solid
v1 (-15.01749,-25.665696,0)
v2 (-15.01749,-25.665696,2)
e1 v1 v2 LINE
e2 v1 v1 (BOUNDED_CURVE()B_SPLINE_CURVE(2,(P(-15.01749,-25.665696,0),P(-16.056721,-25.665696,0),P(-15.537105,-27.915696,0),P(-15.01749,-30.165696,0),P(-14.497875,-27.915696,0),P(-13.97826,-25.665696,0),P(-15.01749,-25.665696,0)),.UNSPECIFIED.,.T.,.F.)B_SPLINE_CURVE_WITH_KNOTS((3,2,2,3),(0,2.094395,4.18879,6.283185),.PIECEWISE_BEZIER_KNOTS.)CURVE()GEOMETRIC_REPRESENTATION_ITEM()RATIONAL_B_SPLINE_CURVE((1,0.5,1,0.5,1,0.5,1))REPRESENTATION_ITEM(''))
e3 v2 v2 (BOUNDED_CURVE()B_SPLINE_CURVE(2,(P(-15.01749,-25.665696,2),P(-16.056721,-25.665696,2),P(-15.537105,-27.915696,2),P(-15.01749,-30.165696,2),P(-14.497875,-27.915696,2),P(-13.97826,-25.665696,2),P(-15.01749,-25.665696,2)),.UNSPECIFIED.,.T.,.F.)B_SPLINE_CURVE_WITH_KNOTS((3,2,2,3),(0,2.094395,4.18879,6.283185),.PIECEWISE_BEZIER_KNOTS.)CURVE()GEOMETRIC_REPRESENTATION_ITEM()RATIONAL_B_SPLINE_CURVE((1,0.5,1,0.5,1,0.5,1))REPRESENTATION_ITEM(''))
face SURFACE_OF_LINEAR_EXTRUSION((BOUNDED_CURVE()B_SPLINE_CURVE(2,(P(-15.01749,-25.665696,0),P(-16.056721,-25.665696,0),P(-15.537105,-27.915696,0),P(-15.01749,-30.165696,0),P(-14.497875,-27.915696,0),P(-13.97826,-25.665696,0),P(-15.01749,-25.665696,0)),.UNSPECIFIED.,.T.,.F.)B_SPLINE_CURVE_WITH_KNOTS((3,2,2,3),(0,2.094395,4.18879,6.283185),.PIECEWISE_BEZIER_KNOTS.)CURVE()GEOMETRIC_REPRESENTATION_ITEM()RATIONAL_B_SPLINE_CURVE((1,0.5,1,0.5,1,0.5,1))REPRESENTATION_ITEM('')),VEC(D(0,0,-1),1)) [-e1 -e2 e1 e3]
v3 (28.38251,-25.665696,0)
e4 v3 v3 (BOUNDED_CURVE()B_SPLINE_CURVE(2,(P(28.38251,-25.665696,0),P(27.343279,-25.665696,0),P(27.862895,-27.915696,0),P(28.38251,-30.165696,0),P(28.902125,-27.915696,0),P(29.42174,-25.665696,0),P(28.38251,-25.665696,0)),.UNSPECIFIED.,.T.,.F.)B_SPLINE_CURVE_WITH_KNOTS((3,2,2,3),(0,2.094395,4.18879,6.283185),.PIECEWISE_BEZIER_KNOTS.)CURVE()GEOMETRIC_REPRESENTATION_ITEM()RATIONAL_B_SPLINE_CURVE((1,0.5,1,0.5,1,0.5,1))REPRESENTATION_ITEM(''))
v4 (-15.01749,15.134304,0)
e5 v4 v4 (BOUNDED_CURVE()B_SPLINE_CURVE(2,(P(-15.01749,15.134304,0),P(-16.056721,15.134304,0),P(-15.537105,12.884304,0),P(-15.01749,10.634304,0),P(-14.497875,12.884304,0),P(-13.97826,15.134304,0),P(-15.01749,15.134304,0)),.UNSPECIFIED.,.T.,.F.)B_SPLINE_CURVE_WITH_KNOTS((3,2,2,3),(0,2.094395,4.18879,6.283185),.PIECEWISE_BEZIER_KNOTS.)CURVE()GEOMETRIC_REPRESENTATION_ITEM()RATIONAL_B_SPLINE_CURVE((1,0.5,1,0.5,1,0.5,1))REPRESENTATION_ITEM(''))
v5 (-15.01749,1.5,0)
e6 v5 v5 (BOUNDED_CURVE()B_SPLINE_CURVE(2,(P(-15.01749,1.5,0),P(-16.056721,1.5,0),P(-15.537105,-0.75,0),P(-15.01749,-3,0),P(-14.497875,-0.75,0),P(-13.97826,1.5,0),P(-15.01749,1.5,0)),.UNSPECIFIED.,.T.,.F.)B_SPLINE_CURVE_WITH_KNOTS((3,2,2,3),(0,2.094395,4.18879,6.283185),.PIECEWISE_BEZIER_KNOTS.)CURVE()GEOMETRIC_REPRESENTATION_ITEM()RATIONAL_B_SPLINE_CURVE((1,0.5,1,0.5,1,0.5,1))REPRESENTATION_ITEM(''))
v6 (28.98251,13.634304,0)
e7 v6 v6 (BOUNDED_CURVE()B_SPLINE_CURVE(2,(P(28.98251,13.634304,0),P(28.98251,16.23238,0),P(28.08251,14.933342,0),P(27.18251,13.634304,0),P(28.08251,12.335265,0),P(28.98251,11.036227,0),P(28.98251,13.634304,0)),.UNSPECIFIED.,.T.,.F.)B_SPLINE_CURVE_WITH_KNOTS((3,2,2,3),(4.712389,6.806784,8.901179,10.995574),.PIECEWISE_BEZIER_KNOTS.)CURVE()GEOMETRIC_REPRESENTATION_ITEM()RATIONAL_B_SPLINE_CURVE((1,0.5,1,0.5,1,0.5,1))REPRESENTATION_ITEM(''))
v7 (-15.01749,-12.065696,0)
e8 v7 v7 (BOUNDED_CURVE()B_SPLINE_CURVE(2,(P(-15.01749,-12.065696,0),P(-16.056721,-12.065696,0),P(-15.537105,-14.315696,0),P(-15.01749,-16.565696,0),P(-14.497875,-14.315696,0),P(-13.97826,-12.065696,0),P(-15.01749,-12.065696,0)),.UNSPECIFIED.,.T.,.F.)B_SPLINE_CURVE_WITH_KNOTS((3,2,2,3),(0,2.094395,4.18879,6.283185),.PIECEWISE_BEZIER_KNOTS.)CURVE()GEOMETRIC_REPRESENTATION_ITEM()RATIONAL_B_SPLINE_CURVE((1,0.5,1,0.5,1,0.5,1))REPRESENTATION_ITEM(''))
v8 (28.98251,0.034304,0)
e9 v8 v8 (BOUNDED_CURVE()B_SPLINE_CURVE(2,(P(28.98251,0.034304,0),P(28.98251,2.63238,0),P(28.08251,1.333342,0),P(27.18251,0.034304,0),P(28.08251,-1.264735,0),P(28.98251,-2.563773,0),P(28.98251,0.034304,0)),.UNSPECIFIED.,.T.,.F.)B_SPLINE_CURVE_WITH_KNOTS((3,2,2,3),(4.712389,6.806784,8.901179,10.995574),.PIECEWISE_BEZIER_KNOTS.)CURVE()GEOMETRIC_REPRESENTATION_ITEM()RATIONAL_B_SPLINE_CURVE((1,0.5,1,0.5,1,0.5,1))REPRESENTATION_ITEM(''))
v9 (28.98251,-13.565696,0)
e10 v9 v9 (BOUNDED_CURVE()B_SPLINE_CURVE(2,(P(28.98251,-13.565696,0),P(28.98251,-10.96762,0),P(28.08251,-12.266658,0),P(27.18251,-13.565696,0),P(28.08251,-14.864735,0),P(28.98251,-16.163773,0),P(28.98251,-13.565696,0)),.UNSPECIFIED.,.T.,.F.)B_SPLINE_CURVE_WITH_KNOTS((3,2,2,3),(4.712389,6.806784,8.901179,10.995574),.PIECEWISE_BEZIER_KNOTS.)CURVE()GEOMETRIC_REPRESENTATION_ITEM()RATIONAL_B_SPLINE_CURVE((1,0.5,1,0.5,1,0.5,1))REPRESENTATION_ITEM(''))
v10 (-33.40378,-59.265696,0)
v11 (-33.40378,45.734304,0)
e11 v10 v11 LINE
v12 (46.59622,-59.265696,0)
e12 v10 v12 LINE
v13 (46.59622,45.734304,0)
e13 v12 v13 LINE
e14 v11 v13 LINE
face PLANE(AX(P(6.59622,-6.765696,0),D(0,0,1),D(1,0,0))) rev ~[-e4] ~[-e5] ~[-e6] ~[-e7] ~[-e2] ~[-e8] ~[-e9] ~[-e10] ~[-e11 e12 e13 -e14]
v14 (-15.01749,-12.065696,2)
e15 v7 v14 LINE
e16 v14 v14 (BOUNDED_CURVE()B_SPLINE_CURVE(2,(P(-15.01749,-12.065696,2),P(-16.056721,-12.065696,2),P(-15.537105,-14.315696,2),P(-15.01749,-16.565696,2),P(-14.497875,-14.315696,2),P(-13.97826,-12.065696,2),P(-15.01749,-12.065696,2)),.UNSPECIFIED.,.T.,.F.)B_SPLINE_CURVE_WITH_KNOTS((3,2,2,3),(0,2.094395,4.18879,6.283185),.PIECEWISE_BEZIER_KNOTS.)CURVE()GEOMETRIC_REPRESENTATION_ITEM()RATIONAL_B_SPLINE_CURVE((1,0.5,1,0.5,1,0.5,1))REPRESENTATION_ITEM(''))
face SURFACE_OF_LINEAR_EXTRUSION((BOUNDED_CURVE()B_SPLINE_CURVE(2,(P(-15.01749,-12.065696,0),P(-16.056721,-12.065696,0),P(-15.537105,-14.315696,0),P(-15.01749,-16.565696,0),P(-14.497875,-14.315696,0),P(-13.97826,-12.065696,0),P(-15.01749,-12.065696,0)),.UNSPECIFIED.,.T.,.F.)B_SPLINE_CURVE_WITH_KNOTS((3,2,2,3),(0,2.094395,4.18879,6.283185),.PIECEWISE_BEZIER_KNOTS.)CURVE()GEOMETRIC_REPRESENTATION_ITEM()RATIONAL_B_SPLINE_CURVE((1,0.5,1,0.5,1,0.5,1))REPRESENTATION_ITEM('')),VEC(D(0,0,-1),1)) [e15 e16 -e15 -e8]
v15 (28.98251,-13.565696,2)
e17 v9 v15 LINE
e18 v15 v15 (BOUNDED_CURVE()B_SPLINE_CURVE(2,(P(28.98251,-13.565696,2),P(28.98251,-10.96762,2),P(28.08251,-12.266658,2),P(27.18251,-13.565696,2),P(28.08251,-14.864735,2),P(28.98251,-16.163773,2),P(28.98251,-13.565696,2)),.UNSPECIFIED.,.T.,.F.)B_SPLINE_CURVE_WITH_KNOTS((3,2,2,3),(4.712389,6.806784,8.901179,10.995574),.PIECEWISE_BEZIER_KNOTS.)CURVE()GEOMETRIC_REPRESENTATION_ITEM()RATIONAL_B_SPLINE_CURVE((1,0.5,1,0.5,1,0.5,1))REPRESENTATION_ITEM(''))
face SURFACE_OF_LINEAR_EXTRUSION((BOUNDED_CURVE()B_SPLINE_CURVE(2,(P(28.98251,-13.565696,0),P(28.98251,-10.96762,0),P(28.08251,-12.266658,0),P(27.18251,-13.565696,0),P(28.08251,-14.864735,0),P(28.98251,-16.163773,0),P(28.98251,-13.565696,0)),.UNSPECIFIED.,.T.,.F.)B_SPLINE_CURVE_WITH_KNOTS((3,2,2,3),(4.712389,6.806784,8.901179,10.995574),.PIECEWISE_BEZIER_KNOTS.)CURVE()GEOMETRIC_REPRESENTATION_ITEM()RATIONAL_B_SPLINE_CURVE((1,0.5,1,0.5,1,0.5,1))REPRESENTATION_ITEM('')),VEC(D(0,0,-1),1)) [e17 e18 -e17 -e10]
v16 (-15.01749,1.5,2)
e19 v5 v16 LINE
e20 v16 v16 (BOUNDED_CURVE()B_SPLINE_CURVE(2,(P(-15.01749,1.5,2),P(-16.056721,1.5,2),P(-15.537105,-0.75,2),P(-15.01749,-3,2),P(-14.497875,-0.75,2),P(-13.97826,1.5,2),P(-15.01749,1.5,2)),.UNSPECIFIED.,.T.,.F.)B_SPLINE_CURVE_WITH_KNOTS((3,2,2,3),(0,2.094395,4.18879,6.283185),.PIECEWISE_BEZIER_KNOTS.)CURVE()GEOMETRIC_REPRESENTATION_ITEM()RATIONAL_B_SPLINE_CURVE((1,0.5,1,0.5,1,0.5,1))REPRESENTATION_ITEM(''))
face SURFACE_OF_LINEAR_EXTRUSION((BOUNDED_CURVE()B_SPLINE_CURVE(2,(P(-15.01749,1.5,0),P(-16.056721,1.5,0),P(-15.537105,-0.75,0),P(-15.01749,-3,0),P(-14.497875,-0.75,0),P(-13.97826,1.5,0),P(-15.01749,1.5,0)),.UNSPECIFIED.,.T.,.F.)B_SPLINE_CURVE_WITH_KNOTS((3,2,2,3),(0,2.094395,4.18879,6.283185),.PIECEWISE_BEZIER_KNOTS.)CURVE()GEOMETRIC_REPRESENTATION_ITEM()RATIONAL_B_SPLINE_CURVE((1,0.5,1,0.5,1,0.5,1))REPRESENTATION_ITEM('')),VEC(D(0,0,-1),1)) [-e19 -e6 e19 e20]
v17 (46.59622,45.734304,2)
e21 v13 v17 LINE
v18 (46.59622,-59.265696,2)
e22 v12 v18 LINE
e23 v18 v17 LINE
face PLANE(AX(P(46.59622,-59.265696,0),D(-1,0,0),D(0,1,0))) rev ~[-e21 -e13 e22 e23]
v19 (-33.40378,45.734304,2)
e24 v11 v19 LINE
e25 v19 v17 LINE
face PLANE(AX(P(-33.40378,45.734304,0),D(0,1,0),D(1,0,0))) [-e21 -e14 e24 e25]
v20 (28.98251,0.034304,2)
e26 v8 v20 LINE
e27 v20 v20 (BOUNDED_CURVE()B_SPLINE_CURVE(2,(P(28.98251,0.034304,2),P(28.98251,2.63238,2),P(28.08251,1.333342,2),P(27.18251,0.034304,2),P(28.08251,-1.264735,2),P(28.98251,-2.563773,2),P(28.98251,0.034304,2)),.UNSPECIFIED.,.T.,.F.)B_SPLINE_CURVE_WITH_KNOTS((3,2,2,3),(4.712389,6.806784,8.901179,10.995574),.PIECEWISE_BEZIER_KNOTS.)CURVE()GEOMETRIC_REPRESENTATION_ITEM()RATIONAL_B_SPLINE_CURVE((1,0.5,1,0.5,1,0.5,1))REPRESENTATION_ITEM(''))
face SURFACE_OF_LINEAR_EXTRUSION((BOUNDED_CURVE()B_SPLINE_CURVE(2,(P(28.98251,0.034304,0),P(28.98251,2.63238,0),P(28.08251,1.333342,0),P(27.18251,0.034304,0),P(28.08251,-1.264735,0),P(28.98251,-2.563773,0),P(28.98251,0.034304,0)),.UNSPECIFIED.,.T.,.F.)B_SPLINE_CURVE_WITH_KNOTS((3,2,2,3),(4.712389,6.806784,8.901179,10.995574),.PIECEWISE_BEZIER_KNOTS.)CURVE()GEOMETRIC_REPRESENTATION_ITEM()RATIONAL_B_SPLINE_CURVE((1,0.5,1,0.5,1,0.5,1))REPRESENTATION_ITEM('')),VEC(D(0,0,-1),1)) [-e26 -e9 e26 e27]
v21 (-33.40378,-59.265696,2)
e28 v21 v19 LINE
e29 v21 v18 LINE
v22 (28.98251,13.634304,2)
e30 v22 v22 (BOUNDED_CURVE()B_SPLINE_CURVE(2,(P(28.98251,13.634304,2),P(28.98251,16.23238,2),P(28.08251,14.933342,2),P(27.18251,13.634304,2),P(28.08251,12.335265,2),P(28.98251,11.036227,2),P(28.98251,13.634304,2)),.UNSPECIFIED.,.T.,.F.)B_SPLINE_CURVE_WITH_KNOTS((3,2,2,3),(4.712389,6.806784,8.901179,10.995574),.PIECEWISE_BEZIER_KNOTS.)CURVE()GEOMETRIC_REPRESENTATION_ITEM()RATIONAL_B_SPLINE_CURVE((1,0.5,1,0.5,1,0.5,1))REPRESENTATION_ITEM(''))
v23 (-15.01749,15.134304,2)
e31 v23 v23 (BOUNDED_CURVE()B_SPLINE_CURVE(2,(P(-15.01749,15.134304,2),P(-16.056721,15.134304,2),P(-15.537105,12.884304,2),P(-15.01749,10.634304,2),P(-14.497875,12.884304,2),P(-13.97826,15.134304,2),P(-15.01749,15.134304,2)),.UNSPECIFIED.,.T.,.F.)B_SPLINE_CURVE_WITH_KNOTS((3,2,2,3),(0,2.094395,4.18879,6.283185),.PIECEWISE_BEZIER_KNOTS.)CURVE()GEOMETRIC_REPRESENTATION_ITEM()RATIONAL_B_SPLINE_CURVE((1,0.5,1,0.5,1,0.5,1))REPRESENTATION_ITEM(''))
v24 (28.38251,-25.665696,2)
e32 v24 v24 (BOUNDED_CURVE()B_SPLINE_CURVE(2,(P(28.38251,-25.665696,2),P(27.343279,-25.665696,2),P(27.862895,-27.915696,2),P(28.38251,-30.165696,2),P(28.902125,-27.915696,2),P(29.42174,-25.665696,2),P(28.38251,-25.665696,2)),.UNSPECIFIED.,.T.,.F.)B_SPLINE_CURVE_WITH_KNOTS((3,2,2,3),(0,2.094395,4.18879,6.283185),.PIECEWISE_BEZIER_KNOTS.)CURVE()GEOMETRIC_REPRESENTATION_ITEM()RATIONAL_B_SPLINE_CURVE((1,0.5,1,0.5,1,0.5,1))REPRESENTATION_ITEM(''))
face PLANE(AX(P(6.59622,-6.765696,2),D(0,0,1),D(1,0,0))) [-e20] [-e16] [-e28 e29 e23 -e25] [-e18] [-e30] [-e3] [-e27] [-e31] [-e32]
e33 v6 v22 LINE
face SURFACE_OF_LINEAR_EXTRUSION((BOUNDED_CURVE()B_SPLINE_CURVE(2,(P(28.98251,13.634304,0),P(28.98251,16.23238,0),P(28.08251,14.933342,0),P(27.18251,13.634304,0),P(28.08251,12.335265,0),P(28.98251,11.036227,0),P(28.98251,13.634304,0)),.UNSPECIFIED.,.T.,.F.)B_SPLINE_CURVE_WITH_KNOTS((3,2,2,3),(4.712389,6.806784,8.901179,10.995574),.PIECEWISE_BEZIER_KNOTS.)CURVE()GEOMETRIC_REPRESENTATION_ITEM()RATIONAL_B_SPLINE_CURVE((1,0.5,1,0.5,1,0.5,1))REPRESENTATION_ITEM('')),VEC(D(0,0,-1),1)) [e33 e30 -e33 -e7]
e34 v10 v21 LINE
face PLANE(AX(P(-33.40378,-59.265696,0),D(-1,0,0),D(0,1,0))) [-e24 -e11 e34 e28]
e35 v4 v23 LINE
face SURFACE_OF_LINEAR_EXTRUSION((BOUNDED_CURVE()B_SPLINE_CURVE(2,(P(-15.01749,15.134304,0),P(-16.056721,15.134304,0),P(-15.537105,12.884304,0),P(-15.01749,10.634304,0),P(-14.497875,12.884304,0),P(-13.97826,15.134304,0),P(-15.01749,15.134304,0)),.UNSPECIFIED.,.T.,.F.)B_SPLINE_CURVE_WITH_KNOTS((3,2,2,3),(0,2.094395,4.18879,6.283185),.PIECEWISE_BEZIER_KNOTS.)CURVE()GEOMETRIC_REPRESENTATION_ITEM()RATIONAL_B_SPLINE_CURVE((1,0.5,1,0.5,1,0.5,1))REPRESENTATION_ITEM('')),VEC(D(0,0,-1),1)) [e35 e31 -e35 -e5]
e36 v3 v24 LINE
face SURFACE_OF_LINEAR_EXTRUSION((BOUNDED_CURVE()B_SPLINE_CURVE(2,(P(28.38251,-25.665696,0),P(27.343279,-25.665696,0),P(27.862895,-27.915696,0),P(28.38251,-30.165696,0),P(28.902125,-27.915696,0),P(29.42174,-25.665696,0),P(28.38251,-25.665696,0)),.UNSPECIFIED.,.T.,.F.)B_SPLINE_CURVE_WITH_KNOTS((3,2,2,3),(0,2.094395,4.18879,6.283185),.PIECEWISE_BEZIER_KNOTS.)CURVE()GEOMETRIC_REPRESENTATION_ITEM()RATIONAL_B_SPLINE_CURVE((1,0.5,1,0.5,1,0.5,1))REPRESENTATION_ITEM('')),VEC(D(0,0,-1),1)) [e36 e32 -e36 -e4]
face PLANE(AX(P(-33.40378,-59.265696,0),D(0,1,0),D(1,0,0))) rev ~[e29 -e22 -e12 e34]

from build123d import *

# Parameters (mm, degrees)
F0_W     = 80
F0_H     = 105
F1_DEPTH = 2


with BuildPart() as f1:
    # F0 (on Top) → F1 (new body)
    with BuildSketch(Plane.XY):
        with Locations((6.59622, -6.765696)):
            Rectangle(F0_W, F0_H)
        with BuildLine():
            add(Edge.make_bspline(
                [(-15.01749, -25.665696), (-16.056721, -25.665696), (-15.537105, -27.915696), (-15.01749, -30.165696), (-14.497875, -27.915696), (-13.97826, -25.665696), (-15.01749, -25.665696)],
                knots=[0, 0, 0, 2.094395, 2.094395, 4.18879, 4.18879, 6.283185, 6.283185, 6.283185], degree=2, weights=[1, 0.5, 1, 0.5, 1, 0.5, 1]))
        make_face(mode=Mode.SUBTRACT)
        with BuildLine():
            add(Edge.make_bspline(
                [(-15.01749, -12.065696), (-16.056721, -12.065696), (-15.537105, -14.315696), (-15.01749, -16.565696), (-14.497875, -14.315696), (-13.97826, -12.065696), (-15.01749, -12.065696)],
                knots=[0, 0, 0, 2.094395, 2.094395, 4.18879, 4.18879, 6.283185, 6.283185, 6.283185], degree=2, weights=[1, 0.5, 1, 0.5, 1, 0.5, 1]))
        make_face(mode=Mode.SUBTRACT)
        with BuildLine():
            add(Edge.make_bspline(
                [(28.38251, -25.665696), (27.343279, -25.665696), (27.862895, -27.915696), (28.38251, -30.165696), (28.902125, -27.915696), (29.42174, -25.665696), (28.38251, -25.665696)],
                knots=[0, 0, 0, 2.094395, 2.094395, 4.18879, 4.18879, 6.283185, 6.283185, 6.283185], degree=2, weights=[1, 0.5, 1, 0.5, 1, 0.5, 1]))
        make_face(mode=Mode.SUBTRACT)
        with BuildLine():
            add(Edge.make_bspline(
                [(28.98251, -13.565696), (28.98251, -10.96762), (28.08251, -12.266658), (27.18251, -13.565696), (28.08251, -14.864735), (28.98251, -16.163773), (28.98251, -13.565696)],
                knots=[4.712389, 4.712389, 4.712389, 6.806784, 6.806784, 8.901179, 8.901179, 10.995574, 10.995574, 10.995574], degree=2, weights=[1, 0.5, 1, 0.5, 1, 0.5, 1]))
        make_face(mode=Mode.SUBTRACT)
        with BuildLine():
            add(Edge.make_bspline(
                [(-15.01749, 1.5), (-16.056721, 1.5), (-15.537105, -0.75), (-15.01749, -3), (-14.497875, -0.75), (-13.97826, 1.5), (-15.01749, 1.5)],
                knots=[0, 0, 0, 2.094395, 2.094395, 4.18879, 4.18879, 6.283185, 6.283185, 6.283185], degree=2, weights=[1, 0.5, 1, 0.5, 1, 0.5, 1]))
        make_face(mode=Mode.SUBTRACT)
        with BuildLine():
            add(Edge.make_bspline(
                [(-15.01749, 15.134304), (-16.056721, 15.134304), (-15.537105, 12.884304), (-15.01749, 10.634304), (-14.497875, 12.884304), (-13.97826, 15.134304), (-15.01749, 15.134304)],
                knots=[0, 0, 0, 2.094395, 2.094395, 4.18879, 4.18879, 6.283185, 6.283185, 6.283185], degree=2, weights=[1, 0.5, 1, 0.5, 1, 0.5, 1]))
        make_face(mode=Mode.SUBTRACT)
        with BuildLine():
            add(Edge.make_bspline(
                [(28.98251, 0.034304), (28.98251, 2.63238), (28.08251, 1.333342), (27.18251, 0.034304), (28.08251, -1.264735), (28.98251, -2.563773), (28.98251, 0.034304)],
                knots=[4.712389, 4.712389, 4.712389, 6.806784, 6.806784, 8.901179, 8.901179, 10.995574, 10.995574, 10.995574], degree=2, weights=[1, 0.5, 1, 0.5, 1, 0.5, 1]))
        make_face(mode=Mode.SUBTRACT)
        with BuildLine():
            add(Edge.make_bspline(
                [(28.98251, 13.634304), (28.98251, 16.23238), (28.08251, 14.933342), (27.18251, 13.634304), (28.08251, 12.335265), (28.98251, 11.036227), (28.98251, 13.634304)],
                knots=[4.712389, 4.712389, 4.712389, 6.806784, 6.806784, 8.901179, 8.901179, 10.995574, 10.995574, 10.995574], degree=2, weights=[1, 0.5, 1, 0.5, 1, 0.5, 1]))
        make_face(mode=Mode.SUBTRACT)
    extrude(amount=F1_DEPTH)


solid = f1.part
